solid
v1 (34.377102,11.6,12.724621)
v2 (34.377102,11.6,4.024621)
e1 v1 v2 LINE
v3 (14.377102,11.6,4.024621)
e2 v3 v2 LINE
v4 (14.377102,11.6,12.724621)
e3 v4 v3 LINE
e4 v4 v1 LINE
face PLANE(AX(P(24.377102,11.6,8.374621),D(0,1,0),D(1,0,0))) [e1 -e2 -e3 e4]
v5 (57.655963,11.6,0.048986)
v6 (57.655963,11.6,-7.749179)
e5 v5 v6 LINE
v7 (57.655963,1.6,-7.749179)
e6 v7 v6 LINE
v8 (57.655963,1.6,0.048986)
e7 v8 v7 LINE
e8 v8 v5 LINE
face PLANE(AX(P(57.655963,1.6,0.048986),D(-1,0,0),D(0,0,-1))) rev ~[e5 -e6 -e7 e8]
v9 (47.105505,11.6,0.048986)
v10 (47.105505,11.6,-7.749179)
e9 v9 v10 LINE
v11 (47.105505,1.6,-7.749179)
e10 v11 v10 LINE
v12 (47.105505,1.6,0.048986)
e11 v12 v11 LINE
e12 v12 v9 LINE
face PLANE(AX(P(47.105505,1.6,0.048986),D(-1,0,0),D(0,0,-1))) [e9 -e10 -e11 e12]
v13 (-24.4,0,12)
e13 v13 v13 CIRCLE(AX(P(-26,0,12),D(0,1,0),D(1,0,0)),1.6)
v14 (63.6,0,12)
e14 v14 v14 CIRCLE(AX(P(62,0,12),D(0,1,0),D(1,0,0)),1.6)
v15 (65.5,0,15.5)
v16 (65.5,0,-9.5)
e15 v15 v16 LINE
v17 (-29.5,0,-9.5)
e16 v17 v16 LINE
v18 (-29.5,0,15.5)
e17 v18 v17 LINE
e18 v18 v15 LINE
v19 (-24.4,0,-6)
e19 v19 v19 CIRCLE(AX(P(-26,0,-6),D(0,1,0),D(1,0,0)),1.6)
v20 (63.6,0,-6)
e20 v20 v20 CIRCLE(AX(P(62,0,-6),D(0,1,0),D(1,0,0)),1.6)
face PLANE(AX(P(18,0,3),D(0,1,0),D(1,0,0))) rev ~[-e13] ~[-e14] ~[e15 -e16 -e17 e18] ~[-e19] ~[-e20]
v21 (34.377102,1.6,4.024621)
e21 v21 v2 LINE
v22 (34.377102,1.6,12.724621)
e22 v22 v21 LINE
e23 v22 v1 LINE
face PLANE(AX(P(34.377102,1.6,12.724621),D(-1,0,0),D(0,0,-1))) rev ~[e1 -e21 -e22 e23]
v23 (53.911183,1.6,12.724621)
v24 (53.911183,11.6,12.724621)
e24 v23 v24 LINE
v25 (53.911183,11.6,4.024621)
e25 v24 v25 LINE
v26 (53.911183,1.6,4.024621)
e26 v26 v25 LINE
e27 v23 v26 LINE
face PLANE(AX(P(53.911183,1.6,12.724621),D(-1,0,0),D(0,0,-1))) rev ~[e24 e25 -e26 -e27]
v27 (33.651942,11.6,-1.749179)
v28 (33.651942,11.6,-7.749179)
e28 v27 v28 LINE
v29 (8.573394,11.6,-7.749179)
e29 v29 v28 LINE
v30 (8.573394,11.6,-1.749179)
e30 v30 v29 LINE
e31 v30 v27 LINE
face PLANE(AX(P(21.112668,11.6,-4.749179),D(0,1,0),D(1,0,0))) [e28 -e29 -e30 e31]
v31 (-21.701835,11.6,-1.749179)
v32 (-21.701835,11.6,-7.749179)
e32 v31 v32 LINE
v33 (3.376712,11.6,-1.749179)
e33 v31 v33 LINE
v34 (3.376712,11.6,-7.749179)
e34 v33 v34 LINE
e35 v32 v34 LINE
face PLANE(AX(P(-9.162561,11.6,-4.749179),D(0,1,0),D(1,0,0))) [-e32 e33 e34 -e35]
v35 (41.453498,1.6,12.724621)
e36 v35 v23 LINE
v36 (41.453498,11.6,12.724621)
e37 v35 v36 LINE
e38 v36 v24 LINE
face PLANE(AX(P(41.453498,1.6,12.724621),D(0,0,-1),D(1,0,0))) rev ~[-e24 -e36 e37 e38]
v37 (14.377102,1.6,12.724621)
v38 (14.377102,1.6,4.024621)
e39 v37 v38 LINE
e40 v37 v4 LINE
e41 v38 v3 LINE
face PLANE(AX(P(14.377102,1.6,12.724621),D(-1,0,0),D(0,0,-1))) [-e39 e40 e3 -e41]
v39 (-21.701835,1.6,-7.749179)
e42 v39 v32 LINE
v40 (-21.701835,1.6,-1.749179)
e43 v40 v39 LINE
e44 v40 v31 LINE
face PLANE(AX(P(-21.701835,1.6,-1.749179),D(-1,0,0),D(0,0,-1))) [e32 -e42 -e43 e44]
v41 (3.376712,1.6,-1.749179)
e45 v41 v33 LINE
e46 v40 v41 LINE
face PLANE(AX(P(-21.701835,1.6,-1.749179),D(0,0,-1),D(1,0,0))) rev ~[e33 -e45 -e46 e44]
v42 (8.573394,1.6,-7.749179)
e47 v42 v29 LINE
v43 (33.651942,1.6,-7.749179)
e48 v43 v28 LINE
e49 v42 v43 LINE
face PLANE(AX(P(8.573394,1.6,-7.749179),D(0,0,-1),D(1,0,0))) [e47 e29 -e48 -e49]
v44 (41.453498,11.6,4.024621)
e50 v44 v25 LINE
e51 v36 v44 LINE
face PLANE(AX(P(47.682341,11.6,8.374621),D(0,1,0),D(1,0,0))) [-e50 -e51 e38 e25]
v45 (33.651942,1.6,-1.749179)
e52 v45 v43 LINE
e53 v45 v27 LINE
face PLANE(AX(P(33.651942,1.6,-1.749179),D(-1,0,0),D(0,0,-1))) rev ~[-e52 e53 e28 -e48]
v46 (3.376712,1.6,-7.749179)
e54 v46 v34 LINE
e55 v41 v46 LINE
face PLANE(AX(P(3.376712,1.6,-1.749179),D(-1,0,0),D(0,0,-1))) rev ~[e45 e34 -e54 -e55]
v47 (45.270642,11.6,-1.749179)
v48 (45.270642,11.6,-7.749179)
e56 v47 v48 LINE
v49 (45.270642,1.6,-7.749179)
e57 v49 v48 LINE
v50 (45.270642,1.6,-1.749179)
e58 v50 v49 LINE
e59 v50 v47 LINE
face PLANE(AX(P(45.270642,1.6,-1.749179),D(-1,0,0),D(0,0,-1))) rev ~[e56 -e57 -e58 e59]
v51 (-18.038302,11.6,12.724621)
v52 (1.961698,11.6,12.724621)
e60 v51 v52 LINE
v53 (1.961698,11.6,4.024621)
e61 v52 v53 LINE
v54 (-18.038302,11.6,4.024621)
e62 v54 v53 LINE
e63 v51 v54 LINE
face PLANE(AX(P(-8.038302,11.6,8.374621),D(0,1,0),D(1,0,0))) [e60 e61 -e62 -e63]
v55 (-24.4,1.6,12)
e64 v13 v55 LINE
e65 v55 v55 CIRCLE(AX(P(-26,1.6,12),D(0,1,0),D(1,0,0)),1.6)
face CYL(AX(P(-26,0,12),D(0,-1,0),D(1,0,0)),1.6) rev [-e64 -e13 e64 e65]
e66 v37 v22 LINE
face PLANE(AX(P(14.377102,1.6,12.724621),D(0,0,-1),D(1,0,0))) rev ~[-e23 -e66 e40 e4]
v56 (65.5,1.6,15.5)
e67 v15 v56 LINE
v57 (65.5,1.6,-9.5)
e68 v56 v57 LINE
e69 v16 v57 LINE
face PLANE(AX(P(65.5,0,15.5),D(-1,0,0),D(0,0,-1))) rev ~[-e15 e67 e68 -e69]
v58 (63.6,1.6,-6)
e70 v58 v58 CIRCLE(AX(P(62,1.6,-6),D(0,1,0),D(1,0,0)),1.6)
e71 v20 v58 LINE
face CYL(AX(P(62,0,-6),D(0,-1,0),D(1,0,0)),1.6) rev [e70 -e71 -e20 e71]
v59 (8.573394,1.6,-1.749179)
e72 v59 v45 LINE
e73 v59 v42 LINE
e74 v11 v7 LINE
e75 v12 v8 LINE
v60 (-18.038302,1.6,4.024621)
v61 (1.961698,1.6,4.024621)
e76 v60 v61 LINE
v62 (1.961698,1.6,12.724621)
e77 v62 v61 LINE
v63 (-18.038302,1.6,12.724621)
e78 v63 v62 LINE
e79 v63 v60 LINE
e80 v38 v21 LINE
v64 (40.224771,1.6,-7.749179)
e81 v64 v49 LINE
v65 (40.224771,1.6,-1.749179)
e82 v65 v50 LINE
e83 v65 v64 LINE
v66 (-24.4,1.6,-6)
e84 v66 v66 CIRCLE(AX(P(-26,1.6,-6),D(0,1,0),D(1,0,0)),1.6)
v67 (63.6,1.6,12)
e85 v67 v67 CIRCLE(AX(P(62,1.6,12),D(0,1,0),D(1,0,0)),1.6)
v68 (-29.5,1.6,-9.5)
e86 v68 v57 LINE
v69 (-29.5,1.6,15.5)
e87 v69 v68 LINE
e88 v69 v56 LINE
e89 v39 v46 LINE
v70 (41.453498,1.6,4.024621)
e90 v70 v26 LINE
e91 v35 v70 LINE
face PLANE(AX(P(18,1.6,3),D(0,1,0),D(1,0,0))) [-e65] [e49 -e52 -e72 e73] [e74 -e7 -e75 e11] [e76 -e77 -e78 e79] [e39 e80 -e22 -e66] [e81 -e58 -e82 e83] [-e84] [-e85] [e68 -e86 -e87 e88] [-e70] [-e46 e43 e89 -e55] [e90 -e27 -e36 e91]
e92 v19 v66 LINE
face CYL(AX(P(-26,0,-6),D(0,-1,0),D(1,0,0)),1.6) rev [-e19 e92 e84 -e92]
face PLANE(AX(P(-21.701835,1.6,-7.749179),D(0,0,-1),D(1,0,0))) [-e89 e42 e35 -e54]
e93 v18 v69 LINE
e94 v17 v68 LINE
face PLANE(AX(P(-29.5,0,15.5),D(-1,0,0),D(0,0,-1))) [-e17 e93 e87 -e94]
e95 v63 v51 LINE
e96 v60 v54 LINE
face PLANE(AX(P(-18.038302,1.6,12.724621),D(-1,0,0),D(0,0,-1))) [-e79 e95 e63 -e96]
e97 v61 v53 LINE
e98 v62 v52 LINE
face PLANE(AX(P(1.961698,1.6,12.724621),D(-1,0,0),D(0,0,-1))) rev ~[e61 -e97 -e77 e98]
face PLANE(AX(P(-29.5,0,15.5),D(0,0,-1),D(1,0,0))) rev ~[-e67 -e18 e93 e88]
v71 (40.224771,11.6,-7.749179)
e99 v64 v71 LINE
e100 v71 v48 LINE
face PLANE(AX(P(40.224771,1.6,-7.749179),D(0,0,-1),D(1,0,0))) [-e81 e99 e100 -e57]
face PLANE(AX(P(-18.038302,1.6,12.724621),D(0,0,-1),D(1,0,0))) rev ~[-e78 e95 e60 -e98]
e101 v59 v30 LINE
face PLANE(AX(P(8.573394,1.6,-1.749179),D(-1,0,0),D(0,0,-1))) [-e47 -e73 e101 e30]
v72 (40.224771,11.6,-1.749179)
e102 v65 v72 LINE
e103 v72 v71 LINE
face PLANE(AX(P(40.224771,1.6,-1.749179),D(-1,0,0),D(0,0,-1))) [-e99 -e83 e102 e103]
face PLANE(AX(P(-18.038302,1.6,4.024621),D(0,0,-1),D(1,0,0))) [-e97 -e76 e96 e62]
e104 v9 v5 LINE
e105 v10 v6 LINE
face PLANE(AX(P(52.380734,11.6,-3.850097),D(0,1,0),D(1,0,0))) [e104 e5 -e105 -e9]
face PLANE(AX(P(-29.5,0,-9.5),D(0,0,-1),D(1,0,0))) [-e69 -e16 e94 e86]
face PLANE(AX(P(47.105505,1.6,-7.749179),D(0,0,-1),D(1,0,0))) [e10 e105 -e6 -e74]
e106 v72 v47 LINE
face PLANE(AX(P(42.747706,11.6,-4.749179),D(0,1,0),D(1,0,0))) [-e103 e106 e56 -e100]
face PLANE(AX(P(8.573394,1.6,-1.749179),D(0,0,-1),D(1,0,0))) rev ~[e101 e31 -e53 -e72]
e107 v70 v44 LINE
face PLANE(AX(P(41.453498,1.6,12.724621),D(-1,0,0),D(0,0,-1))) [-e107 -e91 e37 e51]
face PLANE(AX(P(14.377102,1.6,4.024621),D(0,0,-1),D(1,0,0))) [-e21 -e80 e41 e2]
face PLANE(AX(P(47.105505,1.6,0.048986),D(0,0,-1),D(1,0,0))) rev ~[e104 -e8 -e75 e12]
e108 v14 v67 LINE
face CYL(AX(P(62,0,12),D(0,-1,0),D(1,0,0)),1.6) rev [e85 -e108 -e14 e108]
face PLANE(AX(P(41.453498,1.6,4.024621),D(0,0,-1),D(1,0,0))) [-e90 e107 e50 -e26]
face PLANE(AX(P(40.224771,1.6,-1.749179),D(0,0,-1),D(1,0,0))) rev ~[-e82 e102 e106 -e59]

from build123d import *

# Parameters (mm, degrees)
SKETCH1_W           = 95
SKETCH1_H           = 25
SKETCH1_R           = 1.6
BOSS_EXTRUDE1_DEPTH = 1.6
SKETCH2_W           = 25.078547191
SKETCH2_H           = 6
SKETCH2_W_2         = 25.078547192
SKETCH2_W_3         = 5.04587156
SKETCH2_W_4         = 20
SKETCH2_H_2         = 8.7
SKETCH2_W_5         = 10.550458716
SKETCH2_H_3         = 7.798165138
SKETCH2_W_6         = 12.457684798
BOSS_EXTRUDE2_DEPTH = 10


with BuildPart() as part:
    # Sketch1 → Boss-Extrude1 (new body)
    with BuildSketch(Plane(origin=(0, 0, 0), x_dir=(1, 0, 0), z_dir=(0, 1, 0))):
        with Locations((18, -3)):
            Rectangle(SKETCH1_W, SKETCH1_H)
        with Locations((-26, 6)):
            Circle(SKETCH1_R, mode=Mode.SUBTRACT)
        with Locations((62, 6)):
            Circle(SKETCH1_R, mode=Mode.SUBTRACT)
        with Locations((62, -12)):
            Circle(SKETCH1_R, mode=Mode.SUBTRACT)
        with Locations((-26, -12)):
            Circle(SKETCH1_R, mode=Mode.SUBTRACT)
    extrude(amount=BOSS_EXTRUDE1_DEPTH)

    # Sketch2 → Boss-Extrude2 (add)
    with BuildSketch(Plane(origin=(0, 1.6, 0), x_dir=(1, 0, 0), z_dir=(0, 1, 0))):
        with Locations((-9.162561267, 4.749179336)):
            Rectangle(SKETCH2_W, SKETCH2_H)
        with Locations((21.112668091, 4.749179336)):
            Rectangle(SKETCH2_W_2, SKETCH2_H)
        with Locations((42.747706422, 4.749179336)):
            Rectangle(SKETCH2_W_3, SKETCH2_H)
        with Locations((-8.038302451, -8.374621296)):
            Rectangle(SKETCH2_W_4, SKETCH2_H_2)
        with Locations((52.380733945, 3.850096767)):
            Rectangle(SKETCH2_W_5, SKETCH2_H_3)
        with Locations((47.682340819, -8.374621296)):
            Rectangle(SKETCH2_W_6, SKETCH2_H_2)
        with Locations((24.37710187, -8.374621296)):
            Rectangle(SKETCH2_W_4, SKETCH2_H_2)
    extrude(amount=BOSS_EXTRUDE2_DEPTH)


solid = part.part
